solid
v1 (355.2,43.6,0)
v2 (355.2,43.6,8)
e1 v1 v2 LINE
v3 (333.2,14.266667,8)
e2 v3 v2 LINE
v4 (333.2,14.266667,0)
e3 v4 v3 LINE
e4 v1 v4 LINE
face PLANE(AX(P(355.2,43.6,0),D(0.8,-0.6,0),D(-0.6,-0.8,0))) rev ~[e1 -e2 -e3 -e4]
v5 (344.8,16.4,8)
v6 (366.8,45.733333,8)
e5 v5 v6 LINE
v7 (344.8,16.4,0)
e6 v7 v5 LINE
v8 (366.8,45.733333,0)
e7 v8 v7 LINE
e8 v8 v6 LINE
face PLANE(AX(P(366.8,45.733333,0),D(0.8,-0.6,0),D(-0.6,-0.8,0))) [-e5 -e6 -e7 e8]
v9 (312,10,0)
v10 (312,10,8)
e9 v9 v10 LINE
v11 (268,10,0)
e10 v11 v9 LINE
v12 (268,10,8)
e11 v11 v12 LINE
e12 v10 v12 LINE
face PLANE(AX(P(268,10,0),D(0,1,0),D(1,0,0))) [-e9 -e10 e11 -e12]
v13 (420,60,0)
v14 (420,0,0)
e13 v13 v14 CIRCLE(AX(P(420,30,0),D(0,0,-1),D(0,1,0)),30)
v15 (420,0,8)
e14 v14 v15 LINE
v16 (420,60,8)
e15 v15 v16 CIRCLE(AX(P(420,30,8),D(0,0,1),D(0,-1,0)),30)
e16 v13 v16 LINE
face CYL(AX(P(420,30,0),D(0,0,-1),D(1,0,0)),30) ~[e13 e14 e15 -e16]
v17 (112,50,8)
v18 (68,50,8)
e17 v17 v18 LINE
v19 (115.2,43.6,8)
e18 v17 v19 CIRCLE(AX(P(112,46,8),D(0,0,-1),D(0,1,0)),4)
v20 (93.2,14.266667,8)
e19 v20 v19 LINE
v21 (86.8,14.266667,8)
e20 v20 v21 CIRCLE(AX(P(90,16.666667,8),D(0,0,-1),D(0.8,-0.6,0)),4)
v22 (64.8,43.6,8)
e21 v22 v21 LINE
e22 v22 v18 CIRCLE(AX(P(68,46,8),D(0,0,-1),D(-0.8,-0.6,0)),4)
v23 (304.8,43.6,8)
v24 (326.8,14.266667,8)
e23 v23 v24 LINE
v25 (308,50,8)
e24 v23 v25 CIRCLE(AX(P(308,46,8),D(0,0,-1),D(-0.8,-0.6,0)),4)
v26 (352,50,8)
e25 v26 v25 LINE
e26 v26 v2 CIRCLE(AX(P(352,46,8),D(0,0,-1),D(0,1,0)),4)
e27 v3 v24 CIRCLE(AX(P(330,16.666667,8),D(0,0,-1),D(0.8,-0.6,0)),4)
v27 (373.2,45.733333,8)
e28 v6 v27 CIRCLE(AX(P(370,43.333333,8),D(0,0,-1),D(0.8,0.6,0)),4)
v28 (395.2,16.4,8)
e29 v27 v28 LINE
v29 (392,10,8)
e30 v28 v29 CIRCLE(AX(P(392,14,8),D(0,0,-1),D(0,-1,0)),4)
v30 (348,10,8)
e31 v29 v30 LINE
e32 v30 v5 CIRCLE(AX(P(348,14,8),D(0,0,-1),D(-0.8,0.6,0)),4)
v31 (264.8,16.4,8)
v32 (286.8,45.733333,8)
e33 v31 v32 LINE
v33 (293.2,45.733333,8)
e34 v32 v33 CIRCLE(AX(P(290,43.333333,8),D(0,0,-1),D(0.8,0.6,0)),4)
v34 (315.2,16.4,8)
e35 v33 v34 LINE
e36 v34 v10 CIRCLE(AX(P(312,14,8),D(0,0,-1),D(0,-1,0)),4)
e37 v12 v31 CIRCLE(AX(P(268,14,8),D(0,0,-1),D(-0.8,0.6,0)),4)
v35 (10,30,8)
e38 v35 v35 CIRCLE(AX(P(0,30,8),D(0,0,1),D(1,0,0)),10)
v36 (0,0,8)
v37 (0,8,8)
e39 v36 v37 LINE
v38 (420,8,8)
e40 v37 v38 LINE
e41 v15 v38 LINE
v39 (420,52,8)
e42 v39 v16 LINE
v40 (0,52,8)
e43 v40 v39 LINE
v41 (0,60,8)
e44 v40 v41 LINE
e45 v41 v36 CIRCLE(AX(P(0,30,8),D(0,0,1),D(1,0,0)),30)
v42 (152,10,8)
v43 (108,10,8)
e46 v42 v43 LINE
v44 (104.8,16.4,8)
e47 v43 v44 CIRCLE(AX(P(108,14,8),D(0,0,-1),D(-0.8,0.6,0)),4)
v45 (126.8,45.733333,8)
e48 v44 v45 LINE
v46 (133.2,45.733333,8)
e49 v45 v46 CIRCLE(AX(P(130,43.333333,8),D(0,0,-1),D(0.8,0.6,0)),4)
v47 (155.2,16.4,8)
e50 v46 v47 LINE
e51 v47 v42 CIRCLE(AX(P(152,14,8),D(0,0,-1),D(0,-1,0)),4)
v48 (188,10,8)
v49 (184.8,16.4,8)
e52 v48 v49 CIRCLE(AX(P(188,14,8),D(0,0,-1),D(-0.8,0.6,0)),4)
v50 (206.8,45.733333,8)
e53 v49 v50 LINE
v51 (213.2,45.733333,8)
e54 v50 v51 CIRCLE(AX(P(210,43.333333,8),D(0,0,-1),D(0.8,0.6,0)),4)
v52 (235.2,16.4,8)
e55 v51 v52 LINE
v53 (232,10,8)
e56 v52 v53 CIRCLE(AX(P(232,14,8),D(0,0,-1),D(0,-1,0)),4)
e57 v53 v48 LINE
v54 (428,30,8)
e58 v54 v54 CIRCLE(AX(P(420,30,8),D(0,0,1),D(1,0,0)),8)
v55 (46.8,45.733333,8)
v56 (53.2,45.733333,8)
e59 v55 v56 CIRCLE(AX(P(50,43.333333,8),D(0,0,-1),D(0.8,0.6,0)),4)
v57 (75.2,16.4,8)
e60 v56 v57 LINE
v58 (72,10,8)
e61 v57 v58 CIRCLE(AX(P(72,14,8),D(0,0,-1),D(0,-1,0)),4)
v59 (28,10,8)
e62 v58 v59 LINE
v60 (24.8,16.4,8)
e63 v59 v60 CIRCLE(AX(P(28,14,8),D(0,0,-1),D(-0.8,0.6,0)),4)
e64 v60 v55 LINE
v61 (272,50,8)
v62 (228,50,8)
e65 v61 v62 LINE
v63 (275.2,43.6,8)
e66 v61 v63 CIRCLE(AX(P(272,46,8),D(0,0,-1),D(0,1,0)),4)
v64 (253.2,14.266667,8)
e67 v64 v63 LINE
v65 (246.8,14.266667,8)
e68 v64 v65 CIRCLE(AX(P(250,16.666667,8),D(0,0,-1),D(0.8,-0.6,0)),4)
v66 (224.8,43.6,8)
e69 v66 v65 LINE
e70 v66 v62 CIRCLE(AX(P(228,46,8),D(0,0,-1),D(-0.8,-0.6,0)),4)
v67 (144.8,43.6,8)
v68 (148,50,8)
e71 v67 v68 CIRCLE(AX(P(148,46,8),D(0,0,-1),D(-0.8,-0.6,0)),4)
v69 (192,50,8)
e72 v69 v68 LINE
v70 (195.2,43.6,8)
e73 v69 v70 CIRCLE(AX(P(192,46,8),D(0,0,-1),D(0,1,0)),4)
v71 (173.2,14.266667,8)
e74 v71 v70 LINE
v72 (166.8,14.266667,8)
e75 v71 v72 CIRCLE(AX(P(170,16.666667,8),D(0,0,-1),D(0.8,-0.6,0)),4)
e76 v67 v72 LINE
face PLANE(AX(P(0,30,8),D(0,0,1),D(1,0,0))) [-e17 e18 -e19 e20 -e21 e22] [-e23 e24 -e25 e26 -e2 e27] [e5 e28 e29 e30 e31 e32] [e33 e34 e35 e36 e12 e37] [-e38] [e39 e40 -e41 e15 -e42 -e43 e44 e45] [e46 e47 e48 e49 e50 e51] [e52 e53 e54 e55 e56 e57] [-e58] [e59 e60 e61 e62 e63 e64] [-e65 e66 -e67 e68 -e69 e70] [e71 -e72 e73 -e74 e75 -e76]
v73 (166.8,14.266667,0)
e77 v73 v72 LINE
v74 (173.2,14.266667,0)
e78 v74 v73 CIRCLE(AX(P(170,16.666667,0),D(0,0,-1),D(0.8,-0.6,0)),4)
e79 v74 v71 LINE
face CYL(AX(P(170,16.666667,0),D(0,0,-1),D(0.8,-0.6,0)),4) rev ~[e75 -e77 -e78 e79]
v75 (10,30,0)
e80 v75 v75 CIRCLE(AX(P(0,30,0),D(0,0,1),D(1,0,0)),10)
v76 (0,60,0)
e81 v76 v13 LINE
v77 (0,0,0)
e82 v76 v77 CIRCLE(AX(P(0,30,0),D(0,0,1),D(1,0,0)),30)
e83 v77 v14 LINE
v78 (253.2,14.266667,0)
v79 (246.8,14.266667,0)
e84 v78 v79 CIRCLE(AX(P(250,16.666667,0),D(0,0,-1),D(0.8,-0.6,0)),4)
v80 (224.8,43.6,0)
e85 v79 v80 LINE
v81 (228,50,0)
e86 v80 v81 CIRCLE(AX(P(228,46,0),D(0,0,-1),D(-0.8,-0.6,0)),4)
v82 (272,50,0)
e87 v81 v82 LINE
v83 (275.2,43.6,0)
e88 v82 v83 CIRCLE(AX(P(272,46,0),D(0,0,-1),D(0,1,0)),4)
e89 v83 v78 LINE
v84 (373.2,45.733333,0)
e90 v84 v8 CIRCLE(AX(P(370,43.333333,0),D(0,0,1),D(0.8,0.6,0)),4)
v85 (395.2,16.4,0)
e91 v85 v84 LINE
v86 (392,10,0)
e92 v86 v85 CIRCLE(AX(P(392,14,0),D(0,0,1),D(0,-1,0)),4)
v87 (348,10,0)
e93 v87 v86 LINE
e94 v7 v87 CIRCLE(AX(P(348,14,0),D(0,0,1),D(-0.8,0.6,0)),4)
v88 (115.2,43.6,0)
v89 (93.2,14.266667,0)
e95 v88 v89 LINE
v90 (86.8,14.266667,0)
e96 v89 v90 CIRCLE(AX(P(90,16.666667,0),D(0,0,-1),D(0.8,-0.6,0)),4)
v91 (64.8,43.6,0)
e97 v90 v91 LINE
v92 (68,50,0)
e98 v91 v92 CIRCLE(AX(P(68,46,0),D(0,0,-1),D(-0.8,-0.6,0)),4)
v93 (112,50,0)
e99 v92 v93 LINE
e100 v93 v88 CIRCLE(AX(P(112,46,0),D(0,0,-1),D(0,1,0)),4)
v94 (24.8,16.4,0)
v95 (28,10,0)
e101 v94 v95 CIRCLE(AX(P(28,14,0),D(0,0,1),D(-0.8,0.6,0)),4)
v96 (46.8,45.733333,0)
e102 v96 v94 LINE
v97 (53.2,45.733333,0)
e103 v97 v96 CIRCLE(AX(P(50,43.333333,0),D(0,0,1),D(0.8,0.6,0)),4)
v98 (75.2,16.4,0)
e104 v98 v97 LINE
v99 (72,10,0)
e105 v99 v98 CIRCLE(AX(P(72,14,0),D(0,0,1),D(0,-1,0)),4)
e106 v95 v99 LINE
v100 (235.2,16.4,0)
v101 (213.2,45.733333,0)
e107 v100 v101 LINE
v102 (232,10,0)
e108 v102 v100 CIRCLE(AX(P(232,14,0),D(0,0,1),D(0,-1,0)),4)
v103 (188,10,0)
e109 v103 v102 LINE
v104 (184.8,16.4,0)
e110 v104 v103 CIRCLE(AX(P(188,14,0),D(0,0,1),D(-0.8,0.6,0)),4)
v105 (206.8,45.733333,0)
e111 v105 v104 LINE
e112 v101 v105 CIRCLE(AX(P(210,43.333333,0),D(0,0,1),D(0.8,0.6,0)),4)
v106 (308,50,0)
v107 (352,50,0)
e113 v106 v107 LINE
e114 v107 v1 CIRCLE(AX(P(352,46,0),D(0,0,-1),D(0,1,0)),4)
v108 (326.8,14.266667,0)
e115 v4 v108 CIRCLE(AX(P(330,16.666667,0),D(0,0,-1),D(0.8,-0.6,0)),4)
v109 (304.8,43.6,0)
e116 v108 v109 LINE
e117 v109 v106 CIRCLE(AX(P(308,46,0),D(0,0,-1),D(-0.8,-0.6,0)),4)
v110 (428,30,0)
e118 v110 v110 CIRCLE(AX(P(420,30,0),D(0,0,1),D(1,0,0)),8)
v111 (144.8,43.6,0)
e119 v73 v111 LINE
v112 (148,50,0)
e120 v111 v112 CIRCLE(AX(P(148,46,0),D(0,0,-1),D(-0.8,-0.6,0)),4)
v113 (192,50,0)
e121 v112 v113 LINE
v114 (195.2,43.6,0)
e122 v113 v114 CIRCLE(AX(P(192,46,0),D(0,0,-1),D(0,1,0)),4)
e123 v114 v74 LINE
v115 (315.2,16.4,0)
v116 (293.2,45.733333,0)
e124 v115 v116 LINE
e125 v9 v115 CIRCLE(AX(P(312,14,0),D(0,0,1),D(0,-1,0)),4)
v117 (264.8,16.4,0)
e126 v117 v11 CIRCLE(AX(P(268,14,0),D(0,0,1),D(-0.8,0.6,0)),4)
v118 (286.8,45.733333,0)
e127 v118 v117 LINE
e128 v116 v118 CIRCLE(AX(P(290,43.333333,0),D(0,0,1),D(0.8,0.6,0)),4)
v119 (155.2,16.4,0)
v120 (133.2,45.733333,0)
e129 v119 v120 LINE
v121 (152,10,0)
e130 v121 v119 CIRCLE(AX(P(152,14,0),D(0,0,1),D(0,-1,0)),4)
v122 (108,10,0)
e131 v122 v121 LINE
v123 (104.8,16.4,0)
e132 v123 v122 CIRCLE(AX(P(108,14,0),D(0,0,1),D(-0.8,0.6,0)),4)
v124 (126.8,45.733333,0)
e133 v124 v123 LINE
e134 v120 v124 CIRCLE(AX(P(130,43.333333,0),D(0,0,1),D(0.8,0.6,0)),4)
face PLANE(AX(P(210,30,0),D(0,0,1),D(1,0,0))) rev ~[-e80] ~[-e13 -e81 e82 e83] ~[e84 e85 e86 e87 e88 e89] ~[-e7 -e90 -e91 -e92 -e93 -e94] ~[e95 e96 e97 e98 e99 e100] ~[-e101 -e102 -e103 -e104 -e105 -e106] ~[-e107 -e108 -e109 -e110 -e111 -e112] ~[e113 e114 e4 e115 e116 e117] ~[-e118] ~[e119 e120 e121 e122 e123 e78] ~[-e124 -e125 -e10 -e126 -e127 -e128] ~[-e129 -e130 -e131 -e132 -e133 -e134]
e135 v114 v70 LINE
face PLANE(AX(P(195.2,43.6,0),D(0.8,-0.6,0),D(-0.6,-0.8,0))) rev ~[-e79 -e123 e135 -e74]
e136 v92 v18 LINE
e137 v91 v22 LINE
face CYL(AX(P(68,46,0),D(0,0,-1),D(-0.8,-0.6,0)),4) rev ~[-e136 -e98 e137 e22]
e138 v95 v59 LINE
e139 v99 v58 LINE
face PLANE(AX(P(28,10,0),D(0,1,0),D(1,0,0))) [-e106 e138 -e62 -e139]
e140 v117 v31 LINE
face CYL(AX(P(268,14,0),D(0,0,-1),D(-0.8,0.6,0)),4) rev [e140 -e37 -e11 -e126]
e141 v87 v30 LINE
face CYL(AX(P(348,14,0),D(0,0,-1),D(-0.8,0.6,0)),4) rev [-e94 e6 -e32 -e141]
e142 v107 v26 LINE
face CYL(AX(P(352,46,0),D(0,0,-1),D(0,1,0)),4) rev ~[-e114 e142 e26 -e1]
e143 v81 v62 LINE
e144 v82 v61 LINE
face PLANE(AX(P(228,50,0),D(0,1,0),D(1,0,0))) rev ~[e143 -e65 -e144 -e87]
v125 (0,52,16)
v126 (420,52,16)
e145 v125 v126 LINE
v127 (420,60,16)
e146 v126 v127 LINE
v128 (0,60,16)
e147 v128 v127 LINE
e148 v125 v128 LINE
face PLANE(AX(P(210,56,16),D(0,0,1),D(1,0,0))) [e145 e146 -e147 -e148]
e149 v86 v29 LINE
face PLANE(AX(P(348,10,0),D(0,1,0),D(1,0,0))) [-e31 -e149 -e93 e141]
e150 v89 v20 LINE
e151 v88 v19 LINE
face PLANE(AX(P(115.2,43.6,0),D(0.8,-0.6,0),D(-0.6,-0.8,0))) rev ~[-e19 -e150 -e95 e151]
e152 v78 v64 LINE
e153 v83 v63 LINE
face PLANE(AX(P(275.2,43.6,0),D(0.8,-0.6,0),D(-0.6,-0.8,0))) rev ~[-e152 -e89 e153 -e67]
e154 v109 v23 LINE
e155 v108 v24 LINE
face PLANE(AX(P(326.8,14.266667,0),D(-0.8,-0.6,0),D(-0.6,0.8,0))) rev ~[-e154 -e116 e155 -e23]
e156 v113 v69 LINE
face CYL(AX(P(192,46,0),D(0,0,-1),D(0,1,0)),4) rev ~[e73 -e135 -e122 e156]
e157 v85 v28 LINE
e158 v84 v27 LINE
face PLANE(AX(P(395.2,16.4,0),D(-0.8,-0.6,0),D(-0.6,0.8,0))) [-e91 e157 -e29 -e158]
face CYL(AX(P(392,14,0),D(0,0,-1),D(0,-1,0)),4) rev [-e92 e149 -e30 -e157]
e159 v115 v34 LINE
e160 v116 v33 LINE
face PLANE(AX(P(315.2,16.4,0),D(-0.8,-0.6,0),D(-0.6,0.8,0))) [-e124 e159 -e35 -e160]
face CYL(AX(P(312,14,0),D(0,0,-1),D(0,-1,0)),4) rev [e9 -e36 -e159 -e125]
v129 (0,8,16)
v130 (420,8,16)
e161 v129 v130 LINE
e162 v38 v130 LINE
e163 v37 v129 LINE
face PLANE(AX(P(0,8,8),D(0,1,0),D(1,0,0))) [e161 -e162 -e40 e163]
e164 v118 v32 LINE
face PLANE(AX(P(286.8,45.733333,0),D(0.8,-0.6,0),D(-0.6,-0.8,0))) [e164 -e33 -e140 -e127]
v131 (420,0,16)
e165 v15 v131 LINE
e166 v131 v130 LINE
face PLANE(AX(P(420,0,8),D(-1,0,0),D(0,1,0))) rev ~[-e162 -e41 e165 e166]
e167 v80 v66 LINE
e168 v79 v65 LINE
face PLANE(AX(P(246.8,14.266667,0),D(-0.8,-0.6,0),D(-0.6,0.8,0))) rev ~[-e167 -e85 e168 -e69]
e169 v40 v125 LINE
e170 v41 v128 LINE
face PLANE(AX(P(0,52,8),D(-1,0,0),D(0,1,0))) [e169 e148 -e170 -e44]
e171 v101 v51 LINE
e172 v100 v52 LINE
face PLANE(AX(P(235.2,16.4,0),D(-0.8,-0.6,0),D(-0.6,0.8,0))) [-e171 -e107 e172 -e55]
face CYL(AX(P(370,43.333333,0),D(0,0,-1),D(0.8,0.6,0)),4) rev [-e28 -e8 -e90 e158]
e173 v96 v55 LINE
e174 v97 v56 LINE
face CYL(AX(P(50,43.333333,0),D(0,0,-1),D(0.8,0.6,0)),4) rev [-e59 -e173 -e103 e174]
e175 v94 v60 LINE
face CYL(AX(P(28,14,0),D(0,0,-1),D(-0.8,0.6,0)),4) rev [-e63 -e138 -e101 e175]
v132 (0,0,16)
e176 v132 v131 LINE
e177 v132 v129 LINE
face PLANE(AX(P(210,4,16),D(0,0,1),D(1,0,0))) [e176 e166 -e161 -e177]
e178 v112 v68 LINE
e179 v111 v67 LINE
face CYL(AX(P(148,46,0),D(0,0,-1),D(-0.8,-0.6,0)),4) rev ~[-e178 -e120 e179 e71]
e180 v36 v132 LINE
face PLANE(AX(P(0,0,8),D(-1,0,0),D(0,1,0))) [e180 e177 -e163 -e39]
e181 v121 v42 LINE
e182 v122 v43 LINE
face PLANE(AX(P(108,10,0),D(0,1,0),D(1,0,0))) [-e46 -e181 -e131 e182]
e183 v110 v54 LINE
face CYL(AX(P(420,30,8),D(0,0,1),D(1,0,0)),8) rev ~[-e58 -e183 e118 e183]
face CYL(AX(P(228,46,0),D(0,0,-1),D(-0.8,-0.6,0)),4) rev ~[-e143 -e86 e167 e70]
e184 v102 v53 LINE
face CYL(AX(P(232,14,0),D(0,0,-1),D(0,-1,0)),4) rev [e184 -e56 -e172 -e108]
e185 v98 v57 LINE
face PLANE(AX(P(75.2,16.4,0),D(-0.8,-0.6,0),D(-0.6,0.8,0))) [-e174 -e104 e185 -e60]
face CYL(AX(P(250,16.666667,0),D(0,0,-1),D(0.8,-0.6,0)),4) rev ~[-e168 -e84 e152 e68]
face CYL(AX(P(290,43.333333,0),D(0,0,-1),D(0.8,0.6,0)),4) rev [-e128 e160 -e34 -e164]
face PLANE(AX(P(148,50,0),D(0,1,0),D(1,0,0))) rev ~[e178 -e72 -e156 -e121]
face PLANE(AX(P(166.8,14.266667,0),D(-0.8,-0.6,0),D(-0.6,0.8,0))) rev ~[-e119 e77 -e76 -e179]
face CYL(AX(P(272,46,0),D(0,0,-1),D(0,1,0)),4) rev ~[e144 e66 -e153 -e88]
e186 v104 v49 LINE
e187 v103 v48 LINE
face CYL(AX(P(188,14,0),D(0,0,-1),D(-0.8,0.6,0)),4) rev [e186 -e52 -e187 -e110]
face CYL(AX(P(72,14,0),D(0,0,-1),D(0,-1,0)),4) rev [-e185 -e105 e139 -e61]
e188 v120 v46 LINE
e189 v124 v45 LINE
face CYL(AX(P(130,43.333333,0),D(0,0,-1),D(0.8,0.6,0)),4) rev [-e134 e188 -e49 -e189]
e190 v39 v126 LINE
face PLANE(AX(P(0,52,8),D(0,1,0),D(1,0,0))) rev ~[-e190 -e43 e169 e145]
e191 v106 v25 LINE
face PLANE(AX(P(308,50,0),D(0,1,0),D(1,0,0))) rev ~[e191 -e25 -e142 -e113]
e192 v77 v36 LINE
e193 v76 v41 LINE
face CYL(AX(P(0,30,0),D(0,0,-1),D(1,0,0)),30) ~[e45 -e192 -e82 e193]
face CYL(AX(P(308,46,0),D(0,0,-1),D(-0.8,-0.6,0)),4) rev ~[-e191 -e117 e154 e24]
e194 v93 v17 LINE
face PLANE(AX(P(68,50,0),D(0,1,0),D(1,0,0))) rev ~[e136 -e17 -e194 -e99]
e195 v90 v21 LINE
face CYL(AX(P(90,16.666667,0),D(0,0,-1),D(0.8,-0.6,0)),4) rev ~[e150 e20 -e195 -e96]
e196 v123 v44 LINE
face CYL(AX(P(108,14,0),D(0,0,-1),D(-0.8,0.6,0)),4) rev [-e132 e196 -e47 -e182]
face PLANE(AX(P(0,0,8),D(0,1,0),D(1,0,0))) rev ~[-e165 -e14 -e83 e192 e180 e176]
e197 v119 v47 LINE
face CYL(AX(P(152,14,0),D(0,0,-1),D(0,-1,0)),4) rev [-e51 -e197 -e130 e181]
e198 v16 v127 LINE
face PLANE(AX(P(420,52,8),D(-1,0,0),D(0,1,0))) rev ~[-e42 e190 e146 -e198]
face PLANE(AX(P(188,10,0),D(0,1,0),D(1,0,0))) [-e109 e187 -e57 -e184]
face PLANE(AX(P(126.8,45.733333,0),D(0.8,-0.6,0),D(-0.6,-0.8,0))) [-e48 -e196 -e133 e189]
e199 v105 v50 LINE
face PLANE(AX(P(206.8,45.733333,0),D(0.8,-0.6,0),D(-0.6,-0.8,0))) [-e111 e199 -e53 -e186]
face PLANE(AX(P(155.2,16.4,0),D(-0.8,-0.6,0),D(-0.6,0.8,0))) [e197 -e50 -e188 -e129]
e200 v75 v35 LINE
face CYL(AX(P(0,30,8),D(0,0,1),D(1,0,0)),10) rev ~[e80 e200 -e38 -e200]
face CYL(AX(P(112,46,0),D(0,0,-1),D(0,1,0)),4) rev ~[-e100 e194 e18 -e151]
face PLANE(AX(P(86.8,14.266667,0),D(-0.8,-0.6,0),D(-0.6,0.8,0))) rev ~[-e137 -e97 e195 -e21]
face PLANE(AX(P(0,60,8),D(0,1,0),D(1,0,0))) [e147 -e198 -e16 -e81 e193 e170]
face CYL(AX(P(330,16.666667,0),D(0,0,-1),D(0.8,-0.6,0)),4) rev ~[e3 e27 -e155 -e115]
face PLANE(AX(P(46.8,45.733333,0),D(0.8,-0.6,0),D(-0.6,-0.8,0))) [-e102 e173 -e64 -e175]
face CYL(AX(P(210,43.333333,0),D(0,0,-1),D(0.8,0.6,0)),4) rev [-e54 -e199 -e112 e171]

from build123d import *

# Parameters (mm, degrees)
SKETCH_1_W          = 420
SKETCH_1_H          = 60
EXTRUDE_1_DEPTH     = 8
SKETCH_2_R          = 30
EXTRUDE_2_DEPTH     = 8
SKETCH_3_W          = 420
SKETCH_3_H          = 8
EXTRUDE_3_DEPTH     = 8
SKETCH_4_R          = 10
CUT_EXTRUDE_1_DEPTH = 481
SKETCH_5_R          = 8
CUT_EXTRUDE_2_DEPTH = 481
CUT_EXTRUDE_3_DEPTH = 455.264240283


with BuildPart() as part:
    # 草图1 → 凸台-拉伸1 (new body)
    with BuildSketch(Plane.XY):
        with Locations((210, 30)):
            Rectangle(SKETCH_1_W, SKETCH_1_H)
    extrude(amount=EXTRUDE_1_DEPTH)

    # 草图2 → 凸台-拉伸2 (add)
    with BuildSketch(Plane.XY):
        with Locations((0, 30)):
            Circle(SKETCH_2_R)
        with Locations((420, 30)):
            Circle(SKETCH_2_R)
    extrude(amount=EXTRUDE_2_DEPTH)

    # 草图3 → 凸台-拉伸3 (add)
    with BuildSketch(Plane.XY.offset(8)):
        with Locations((210, 4)):
            Rectangle(SKETCH_3_W, SKETCH_3_H)
        with Locations((210, 56)):
            Rectangle(SKETCH_3_W, SKETCH_3_H)
    extrude(amount=EXTRUDE_3_DEPTH)

    # 草图4 → 切除-拉伸1 (cut, symmetric)
    with BuildSketch(Plane.XY.offset(8)):
        with Locations((0, 30)):
            Circle(SKETCH_4_R)
    extrude(amount=CUT_EXTRUDE_1_DEPTH, both=True, mode=Mode.SUBTRACT)

    # 草图5 → 切除-拉伸2 (cut, symmetric)
    with BuildSketch(Plane.XY.offset(8)):
        with Locations((420, 30)):
            Circle(SKETCH_5_R)
    extrude(amount=CUT_EXTRUDE_2_DEPTH, both=True, mode=Mode.SUBTRACT)

    # 草图6 → 切除-拉伸3 (cut, through all)
    with BuildSketch(Plane.XY):
        with BuildLine():
            Line((28, 10), (72, 10))
            ThreePointArc((72, 10), (75.577708764, 12.211145618), (75.2, 16.4))
            Line((75.2, 16.4), (53.2, 45.733333333))
            ThreePointArc((53.2, 45.733333333), (50, 47.333333333), (46.8, 45.733333333))
            Line((46.8, 45.733333333), (24.8, 16.4))
            ThreePointArc((24.8, 16.4), (24.422291236, 12.211145618), (28, 10))
        make_face()
        with BuildLine():
            Line((108, 10), (152, 10))
            ThreePointArc((152, 10), (155.577708764, 12.211145618), (155.2, 16.4))
            Line((155.2, 16.4), (133.2, 45.733333333))
            ThreePointArc((133.2, 45.733333333), (130, 47.333333333), (126.8, 45.733333333))
            Line((126.8, 45.733333333), (104.8, 16.4))
            ThreePointArc((104.8, 16.4), (104.422291236, 12.211145618), (108, 10))
        make_face()
        with BuildLine():
            Line((188, 10), (232, 10))
            ThreePointArc((232, 10), (235.577708764, 12.211145618), (235.2, 16.4))
            Line((235.2, 16.4), (213.2, 45.733333333))
            ThreePointArc((213.2, 45.733333333), (210, 47.333333333), (206.8, 45.733333333))
            Line((206.8, 45.733333333), (184.8, 16.4))
            ThreePointArc((184.8, 16.4), (184.422291236, 12.211145618), (188, 10))
        make_face()
        with BuildLine():
            Line((268, 10), (312, 10))
            ThreePointArc((312, 10), (315.577708764, 12.211145618), (315.2, 16.4))
            Line((315.2, 16.4), (293.2, 45.733333333))
            ThreePointArc((293.2, 45.733333333), (290, 47.333333333), (286.8, 45.733333333))
            Line((286.8, 45.733333333), (264.8, 16.4))
            ThreePointArc((264.8, 16.4), (264.422291236, 12.211145618), (268, 10))
        make_face()
        with BuildLine():
            Line((348, 10), (392, 10))
            ThreePointArc((392, 10), (395.577708764, 12.211145618), (395.2, 16.4))
            Line((395.2, 16.4), (373.2, 45.733333333))
            ThreePointArc((373.2, 45.733333333), (370, 47.333333333), (366.8, 45.733333333))
            Line((366.8, 45.733333333), (344.8, 16.4))
            ThreePointArc((344.8, 16.4), (344.422291236, 12.211145618), (348, 10))
        make_face()
        with BuildLine():
            Line((68, 50), (112, 50))
            ThreePointArc((112, 50), (115.577708764, 47.788854382), (115.2, 43.6))
            Line((115.2, 43.6), (93.2, 14.266666667))
            ThreePointArc((93.2, 14.266666667), (90, 12.666666667), (86.8, 14.266666667))
            Line((86.8, 14.266666667), (64.8, 43.6))
            ThreePointArc((64.8, 43.6), (64.422291236, 47.788854382), (68, 50))
        make_face()
        with BuildLine():
            Line((148, 50), (192, 50))
            ThreePointArc((192, 50), (195.577708764, 47.788854382), (195.2, 43.6))
            Line((195.2, 43.6), (173.2, 14.266666667))
            ThreePointArc((173.2, 14.266666667), (170, 12.666666667), (166.8, 14.266666667))
            Line((166.8, 14.266666667), (144.8, 43.6))
            ThreePointArc((144.8, 43.6), (144.422291236, 47.788854382), (148, 50))
        make_face()
        with BuildLine():
            Line((228, 50), (272, 50))
            ThreePointArc((272, 50), (275.577708764, 47.788854382), (275.2, 43.6))
            Line((275.2, 43.6), (253.2, 14.266666667))
            ThreePointArc((253.2, 14.266666667), (250, 12.666666667), (246.8, 14.266666667))
            Line((246.8, 14.266666667), (224.8, 43.6))
            ThreePointArc((224.8, 43.6), (224.422291236, 47.788854382), (228, 50))
        make_face()
        with BuildLine():
            Line((308, 50), (352, 50))
            ThreePointArc((352, 50), (355.577708764, 47.788854382), (355.2, 43.6))
            Line((355.2, 43.6), (333.2, 14.266666667))
            ThreePointArc((333.2, 14.266666667), (330, 12.666666667), (326.8, 14.266666667))
            Line((326.8, 14.266666667), (304.8, 43.6))
            ThreePointArc((304.8, 43.6), (304.422291236, 47.788854382), (308, 50))
        make_face()
    extrude(amount=CUT_EXTRUDE_3_DEPTH, mode=Mode.SUBTRACT)


solid = part.part
